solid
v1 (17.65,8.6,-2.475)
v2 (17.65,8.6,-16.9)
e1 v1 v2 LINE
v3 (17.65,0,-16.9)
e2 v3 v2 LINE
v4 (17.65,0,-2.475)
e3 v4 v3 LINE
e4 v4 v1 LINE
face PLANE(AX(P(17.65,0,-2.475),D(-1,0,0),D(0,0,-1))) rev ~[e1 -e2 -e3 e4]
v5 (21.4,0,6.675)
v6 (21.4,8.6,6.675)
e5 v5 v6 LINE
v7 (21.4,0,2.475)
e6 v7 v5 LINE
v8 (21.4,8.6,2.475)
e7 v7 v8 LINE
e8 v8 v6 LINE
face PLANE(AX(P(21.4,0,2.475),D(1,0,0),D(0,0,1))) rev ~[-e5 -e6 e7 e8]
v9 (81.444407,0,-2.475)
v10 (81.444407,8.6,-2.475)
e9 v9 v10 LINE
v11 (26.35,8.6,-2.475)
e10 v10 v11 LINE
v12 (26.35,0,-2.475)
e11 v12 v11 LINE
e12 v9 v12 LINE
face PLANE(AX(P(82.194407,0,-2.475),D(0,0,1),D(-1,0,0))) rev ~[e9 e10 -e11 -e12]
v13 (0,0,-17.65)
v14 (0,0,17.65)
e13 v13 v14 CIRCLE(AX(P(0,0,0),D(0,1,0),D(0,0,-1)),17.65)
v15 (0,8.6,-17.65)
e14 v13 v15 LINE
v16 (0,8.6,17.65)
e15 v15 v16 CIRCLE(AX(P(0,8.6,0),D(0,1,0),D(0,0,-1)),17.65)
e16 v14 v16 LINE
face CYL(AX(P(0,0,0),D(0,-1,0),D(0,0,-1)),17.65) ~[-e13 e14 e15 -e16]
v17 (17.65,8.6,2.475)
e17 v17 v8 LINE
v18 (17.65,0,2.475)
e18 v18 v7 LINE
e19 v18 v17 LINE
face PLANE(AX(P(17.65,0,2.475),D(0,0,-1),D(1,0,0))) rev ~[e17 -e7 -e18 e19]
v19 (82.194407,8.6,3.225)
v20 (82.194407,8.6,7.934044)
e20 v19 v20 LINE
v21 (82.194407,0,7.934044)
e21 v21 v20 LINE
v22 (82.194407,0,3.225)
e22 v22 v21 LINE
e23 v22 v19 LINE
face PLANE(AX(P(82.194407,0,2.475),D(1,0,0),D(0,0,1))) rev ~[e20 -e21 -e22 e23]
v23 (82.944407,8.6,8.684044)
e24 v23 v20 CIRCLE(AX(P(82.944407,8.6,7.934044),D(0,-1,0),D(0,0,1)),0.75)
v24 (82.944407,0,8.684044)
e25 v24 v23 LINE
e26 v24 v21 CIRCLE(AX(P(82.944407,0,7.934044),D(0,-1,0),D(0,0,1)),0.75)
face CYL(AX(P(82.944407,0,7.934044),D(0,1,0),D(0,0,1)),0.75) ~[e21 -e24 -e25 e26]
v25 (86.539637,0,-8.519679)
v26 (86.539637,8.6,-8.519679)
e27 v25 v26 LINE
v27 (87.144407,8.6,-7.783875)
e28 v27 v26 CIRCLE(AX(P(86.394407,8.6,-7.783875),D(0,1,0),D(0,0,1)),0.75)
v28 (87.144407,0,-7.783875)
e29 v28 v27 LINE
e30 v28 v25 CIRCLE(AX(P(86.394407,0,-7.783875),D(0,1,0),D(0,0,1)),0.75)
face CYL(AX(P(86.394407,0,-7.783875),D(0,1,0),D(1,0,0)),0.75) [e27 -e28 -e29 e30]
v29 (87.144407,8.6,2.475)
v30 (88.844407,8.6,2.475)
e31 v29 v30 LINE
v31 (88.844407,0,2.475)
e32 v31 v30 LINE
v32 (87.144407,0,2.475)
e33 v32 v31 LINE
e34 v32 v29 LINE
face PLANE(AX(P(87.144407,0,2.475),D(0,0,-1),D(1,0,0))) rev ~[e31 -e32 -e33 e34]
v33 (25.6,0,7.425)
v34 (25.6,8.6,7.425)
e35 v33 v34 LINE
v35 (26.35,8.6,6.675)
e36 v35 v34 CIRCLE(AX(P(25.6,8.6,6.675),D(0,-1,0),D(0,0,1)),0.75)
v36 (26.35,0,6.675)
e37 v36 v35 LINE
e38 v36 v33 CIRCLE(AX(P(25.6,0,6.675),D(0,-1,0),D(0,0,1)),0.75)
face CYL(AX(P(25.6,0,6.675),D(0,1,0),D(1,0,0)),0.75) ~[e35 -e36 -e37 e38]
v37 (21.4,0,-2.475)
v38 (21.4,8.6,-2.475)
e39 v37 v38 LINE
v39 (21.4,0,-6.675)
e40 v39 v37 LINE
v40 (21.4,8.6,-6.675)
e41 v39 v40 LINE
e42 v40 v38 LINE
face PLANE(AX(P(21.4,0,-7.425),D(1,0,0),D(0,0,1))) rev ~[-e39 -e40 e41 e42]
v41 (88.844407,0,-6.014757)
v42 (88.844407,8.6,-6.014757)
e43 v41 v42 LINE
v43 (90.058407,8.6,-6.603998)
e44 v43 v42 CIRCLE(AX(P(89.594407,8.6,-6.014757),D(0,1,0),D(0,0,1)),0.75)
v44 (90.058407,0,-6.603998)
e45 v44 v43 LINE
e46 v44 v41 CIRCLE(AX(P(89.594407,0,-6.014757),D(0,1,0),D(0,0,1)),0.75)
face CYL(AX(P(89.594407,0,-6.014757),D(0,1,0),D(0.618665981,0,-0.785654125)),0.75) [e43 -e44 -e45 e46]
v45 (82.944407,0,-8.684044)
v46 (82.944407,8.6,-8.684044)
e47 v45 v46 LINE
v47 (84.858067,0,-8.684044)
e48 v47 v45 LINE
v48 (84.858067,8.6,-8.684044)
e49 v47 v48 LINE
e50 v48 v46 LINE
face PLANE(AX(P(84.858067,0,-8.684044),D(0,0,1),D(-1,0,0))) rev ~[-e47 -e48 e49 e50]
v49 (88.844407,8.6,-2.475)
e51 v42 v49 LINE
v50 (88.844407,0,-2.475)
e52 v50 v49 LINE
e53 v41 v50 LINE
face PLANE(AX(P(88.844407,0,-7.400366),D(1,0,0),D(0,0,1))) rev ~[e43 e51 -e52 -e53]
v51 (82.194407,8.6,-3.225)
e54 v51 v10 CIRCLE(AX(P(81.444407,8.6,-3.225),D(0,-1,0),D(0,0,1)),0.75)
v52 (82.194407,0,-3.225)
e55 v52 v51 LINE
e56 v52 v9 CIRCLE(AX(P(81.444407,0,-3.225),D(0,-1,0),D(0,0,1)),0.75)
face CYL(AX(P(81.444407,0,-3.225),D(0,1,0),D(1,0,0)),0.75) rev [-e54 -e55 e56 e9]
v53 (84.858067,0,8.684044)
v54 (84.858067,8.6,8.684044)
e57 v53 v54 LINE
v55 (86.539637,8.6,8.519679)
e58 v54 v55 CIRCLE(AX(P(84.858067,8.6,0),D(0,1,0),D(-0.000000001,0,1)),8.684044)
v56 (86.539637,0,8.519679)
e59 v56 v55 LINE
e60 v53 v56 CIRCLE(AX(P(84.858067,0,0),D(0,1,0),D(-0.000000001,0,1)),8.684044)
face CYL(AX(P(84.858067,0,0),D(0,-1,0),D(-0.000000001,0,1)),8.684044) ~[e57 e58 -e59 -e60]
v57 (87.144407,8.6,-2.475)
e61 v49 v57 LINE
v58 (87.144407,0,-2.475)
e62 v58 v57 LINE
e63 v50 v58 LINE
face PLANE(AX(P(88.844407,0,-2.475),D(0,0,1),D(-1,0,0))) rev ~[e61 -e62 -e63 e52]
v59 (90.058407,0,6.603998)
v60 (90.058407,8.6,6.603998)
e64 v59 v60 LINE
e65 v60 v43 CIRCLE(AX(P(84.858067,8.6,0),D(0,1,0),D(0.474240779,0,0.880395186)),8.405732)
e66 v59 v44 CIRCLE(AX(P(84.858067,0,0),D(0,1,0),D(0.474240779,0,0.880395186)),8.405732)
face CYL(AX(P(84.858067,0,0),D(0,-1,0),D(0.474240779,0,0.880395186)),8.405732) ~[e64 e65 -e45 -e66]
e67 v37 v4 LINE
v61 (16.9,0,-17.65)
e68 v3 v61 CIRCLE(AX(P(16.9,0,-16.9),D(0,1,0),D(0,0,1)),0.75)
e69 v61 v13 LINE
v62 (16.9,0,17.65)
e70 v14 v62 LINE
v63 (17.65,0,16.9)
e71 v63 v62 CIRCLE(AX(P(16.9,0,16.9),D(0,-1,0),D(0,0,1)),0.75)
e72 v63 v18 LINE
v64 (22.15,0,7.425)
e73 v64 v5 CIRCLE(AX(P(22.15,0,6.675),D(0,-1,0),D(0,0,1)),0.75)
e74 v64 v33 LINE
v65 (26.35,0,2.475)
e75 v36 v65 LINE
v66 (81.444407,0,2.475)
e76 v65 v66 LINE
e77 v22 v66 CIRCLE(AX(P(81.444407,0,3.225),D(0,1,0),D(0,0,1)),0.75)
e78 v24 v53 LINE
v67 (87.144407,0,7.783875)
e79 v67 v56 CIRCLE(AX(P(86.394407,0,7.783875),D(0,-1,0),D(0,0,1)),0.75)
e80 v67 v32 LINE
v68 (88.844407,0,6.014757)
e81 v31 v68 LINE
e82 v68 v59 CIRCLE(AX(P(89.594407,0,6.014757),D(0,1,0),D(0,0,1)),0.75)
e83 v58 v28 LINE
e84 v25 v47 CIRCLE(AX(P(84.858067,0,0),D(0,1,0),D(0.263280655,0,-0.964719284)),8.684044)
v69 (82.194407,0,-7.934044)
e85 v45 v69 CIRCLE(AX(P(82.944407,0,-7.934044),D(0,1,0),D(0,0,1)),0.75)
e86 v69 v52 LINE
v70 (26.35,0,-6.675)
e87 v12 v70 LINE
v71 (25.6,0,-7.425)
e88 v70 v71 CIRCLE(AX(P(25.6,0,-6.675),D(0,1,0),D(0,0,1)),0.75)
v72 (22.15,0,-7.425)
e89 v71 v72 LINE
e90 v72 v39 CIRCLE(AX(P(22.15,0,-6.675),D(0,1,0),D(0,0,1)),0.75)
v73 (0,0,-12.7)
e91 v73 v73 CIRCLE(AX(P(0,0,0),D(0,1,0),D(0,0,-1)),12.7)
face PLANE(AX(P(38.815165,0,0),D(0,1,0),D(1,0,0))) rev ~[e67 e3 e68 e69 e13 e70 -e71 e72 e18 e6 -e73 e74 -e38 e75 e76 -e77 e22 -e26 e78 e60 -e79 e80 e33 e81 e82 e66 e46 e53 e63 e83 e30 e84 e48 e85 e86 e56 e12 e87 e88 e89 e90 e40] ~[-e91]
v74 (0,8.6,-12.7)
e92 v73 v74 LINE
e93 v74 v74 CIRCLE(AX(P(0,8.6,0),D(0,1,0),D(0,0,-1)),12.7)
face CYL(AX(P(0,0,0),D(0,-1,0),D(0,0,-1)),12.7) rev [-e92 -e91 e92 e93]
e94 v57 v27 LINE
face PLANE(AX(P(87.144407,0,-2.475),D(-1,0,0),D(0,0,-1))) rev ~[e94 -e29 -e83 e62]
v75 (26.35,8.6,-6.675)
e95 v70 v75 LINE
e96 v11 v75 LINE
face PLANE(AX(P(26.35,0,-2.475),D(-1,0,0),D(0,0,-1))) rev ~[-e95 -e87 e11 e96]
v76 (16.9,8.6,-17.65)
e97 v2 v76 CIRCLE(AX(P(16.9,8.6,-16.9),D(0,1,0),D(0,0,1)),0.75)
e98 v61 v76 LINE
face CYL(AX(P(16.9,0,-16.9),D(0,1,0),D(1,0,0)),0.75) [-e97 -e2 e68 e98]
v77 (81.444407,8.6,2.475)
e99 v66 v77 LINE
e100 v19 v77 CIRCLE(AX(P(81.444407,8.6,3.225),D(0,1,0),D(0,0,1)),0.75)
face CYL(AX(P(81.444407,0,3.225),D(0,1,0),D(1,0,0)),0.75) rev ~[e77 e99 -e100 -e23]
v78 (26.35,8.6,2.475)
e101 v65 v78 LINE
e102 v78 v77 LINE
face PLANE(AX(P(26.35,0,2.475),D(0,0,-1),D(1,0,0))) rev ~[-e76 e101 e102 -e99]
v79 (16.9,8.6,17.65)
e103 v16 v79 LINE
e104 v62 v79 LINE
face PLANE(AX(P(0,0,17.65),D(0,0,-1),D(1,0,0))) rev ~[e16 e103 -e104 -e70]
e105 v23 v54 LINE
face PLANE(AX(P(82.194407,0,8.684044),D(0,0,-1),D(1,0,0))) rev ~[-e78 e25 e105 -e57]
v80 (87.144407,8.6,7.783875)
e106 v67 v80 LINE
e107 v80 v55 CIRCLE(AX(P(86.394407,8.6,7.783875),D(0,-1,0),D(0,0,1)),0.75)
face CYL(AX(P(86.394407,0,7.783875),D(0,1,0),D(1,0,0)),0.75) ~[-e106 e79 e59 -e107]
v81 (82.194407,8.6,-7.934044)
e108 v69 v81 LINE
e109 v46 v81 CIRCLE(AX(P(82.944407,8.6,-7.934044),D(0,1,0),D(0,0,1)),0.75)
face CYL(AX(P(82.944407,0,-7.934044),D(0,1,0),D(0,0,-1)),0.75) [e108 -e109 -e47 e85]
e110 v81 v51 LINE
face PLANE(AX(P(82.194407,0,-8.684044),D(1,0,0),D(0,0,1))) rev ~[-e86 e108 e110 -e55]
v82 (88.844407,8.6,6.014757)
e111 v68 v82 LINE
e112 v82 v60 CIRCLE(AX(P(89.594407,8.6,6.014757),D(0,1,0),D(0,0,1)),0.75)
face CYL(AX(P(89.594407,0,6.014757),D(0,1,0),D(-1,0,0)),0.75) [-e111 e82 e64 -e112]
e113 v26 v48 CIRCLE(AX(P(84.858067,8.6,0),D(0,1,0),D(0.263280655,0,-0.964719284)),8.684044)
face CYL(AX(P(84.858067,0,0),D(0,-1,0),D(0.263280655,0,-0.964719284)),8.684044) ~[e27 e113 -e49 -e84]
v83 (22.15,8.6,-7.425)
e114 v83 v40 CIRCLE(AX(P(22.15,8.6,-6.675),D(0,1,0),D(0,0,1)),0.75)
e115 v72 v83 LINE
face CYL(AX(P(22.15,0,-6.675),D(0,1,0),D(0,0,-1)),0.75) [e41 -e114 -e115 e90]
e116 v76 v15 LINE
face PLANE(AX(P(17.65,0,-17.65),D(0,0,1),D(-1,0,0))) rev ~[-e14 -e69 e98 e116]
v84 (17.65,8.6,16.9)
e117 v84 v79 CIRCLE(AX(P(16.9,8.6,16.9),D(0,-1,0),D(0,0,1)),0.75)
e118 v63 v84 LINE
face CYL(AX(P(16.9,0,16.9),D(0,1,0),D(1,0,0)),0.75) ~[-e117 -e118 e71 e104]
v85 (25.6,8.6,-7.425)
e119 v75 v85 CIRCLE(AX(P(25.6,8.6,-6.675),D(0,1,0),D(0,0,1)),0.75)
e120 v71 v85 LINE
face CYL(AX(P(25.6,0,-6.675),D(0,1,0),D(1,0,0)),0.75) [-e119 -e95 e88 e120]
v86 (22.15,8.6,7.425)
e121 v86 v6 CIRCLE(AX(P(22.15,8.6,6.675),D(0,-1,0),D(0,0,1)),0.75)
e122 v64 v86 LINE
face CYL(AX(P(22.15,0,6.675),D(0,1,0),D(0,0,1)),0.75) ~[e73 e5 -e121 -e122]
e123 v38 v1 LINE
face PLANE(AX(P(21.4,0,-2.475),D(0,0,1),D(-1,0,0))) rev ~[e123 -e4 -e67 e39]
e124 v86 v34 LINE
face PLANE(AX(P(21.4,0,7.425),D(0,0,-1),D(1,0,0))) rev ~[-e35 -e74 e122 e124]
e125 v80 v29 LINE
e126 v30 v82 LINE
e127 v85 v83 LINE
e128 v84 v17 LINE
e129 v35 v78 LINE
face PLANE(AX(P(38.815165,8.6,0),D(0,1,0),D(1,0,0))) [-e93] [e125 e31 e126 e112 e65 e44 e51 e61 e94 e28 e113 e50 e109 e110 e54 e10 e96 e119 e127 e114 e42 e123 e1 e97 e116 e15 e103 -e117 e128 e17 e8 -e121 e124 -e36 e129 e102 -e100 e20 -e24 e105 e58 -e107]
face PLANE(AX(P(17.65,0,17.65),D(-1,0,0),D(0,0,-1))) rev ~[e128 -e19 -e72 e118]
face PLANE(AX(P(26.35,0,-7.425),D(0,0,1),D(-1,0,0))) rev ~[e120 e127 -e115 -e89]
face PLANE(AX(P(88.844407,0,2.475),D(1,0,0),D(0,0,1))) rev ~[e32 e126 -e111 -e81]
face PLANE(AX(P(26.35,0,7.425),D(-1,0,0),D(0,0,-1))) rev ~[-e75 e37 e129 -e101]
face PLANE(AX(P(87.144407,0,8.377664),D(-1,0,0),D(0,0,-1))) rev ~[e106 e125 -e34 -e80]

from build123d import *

# Parameters (mm, degrees)
SKETCH1_R           = 12.7
BOSS_EXTRUDE1_DEPTH = 8.6
FILLET2_R           = 0.75


with BuildPart() as part:
    # Sketch1 → Boss-Extrude1 (new body)
    with BuildSketch(Plane(origin=(0, 0, 0), x_dir=(1, 0, 0), z_dir=(0, 1, 0))):
        with BuildLine():
            Line((88.844407291, -2.475), (88.844407291, -7.400365603))
            ThreePointArc((88.844407291, -7.400365603), (93.263798172, 0), (88.844407291, 7.400365603))
            Line((88.844407291, 7.400365603), (88.844407291, 2.475))
            Line((88.844407291, 2.475), (87.144407291, 2.475))
            Line((87.144407291, 2.475), (87.144407291, 8.377664326))
            ThreePointArc((87.144407291, 8.377664326), (86.01145531, 8.60710798), (84.85806661, 8.684043601))
            Line((84.85806661, 8.684043601), (82.194407291, 8.684043601))
            Line((82.194407291, 8.684043601), (82.194407291, 2.475))
            Line((82.194407291, 2.475), (26.35, 2.475))
            Line((26.35, 2.475), (26.35, 7.425))
            Line((26.35, 7.425), (21.4, 7.425))
            Line((21.4, 7.425), (21.4, 2.475))
            Line((21.4, 2.475), (17.65, 2.475))
            Line((17.65, 2.475), (17.65, 17.65))
            Line((17.65, 17.65), (0, 17.65))
            ThreePointArc((0, 17.65), (-17.65, 0), (0, -17.65))
            Line((0, -17.65), (17.65, -17.65))
            Line((17.65, -17.65), (17.65, -2.475))
            Line((17.65, -2.475), (21.4, -2.475))
            Line((21.4, -2.475), (21.4, -7.425))
            Line((21.4, -7.425), (26.35, -7.425))
            Line((26.35, -7.425), (26.35, -2.475))
            Line((26.35, -2.475), (82.194407291, -2.475))
            Line((82.194407291, -2.475), (82.194407291, -8.684043601))
            Line((82.194407291, -8.684043601), (84.85806661, -8.684043601))
            ThreePointArc((84.85806661, -8.684043601), (86.01145531, -8.60710798), (87.144407291, -8.377664326))
            Line((87.144407291, -8.377664326), (87.144407291, -2.475))
            Line((87.144407291, -2.475), (88.844407291, -2.475))
        make_face()
        with Locations(Location((0, 0, 0), (0, 0, 90))):
            Circle(SKETCH1_R, mode=Mode.SUBTRACT)
    extrude(amount=BOSS_EXTRUDE1_DEPTH)

    # Fillet2
    fillet2_edges = [part.edges().sort_by_distance(p)[0] for p in [
        (21.4, 4.3, -7.425),
        (26.35, 4.3, -7.425),
        (82.194407291, 4.3, -2.475),
        (82.194407291, 4.3, -8.684043601),
        (87.144407291, 4.3, -8.377664326),
        (88.844407291, 4.3, -7.400365603),
        (88.844407291, 4.3, 7.400365603),
        (87.144407291, 4.3, 8.377664326),
        (82.194407291, 4.3, 8.684043601),
        (82.194407291, 4.3, 2.475),
        (26.35, 4.3, 7.425),
        (21.4, 4.3, 7.425),
        (17.65, 4.3, 17.65),
        (17.65, 4.3, -17.65),
    ]]
    fillet(fillet2_edges, radius=FILLET2_R)


solid = part.part
